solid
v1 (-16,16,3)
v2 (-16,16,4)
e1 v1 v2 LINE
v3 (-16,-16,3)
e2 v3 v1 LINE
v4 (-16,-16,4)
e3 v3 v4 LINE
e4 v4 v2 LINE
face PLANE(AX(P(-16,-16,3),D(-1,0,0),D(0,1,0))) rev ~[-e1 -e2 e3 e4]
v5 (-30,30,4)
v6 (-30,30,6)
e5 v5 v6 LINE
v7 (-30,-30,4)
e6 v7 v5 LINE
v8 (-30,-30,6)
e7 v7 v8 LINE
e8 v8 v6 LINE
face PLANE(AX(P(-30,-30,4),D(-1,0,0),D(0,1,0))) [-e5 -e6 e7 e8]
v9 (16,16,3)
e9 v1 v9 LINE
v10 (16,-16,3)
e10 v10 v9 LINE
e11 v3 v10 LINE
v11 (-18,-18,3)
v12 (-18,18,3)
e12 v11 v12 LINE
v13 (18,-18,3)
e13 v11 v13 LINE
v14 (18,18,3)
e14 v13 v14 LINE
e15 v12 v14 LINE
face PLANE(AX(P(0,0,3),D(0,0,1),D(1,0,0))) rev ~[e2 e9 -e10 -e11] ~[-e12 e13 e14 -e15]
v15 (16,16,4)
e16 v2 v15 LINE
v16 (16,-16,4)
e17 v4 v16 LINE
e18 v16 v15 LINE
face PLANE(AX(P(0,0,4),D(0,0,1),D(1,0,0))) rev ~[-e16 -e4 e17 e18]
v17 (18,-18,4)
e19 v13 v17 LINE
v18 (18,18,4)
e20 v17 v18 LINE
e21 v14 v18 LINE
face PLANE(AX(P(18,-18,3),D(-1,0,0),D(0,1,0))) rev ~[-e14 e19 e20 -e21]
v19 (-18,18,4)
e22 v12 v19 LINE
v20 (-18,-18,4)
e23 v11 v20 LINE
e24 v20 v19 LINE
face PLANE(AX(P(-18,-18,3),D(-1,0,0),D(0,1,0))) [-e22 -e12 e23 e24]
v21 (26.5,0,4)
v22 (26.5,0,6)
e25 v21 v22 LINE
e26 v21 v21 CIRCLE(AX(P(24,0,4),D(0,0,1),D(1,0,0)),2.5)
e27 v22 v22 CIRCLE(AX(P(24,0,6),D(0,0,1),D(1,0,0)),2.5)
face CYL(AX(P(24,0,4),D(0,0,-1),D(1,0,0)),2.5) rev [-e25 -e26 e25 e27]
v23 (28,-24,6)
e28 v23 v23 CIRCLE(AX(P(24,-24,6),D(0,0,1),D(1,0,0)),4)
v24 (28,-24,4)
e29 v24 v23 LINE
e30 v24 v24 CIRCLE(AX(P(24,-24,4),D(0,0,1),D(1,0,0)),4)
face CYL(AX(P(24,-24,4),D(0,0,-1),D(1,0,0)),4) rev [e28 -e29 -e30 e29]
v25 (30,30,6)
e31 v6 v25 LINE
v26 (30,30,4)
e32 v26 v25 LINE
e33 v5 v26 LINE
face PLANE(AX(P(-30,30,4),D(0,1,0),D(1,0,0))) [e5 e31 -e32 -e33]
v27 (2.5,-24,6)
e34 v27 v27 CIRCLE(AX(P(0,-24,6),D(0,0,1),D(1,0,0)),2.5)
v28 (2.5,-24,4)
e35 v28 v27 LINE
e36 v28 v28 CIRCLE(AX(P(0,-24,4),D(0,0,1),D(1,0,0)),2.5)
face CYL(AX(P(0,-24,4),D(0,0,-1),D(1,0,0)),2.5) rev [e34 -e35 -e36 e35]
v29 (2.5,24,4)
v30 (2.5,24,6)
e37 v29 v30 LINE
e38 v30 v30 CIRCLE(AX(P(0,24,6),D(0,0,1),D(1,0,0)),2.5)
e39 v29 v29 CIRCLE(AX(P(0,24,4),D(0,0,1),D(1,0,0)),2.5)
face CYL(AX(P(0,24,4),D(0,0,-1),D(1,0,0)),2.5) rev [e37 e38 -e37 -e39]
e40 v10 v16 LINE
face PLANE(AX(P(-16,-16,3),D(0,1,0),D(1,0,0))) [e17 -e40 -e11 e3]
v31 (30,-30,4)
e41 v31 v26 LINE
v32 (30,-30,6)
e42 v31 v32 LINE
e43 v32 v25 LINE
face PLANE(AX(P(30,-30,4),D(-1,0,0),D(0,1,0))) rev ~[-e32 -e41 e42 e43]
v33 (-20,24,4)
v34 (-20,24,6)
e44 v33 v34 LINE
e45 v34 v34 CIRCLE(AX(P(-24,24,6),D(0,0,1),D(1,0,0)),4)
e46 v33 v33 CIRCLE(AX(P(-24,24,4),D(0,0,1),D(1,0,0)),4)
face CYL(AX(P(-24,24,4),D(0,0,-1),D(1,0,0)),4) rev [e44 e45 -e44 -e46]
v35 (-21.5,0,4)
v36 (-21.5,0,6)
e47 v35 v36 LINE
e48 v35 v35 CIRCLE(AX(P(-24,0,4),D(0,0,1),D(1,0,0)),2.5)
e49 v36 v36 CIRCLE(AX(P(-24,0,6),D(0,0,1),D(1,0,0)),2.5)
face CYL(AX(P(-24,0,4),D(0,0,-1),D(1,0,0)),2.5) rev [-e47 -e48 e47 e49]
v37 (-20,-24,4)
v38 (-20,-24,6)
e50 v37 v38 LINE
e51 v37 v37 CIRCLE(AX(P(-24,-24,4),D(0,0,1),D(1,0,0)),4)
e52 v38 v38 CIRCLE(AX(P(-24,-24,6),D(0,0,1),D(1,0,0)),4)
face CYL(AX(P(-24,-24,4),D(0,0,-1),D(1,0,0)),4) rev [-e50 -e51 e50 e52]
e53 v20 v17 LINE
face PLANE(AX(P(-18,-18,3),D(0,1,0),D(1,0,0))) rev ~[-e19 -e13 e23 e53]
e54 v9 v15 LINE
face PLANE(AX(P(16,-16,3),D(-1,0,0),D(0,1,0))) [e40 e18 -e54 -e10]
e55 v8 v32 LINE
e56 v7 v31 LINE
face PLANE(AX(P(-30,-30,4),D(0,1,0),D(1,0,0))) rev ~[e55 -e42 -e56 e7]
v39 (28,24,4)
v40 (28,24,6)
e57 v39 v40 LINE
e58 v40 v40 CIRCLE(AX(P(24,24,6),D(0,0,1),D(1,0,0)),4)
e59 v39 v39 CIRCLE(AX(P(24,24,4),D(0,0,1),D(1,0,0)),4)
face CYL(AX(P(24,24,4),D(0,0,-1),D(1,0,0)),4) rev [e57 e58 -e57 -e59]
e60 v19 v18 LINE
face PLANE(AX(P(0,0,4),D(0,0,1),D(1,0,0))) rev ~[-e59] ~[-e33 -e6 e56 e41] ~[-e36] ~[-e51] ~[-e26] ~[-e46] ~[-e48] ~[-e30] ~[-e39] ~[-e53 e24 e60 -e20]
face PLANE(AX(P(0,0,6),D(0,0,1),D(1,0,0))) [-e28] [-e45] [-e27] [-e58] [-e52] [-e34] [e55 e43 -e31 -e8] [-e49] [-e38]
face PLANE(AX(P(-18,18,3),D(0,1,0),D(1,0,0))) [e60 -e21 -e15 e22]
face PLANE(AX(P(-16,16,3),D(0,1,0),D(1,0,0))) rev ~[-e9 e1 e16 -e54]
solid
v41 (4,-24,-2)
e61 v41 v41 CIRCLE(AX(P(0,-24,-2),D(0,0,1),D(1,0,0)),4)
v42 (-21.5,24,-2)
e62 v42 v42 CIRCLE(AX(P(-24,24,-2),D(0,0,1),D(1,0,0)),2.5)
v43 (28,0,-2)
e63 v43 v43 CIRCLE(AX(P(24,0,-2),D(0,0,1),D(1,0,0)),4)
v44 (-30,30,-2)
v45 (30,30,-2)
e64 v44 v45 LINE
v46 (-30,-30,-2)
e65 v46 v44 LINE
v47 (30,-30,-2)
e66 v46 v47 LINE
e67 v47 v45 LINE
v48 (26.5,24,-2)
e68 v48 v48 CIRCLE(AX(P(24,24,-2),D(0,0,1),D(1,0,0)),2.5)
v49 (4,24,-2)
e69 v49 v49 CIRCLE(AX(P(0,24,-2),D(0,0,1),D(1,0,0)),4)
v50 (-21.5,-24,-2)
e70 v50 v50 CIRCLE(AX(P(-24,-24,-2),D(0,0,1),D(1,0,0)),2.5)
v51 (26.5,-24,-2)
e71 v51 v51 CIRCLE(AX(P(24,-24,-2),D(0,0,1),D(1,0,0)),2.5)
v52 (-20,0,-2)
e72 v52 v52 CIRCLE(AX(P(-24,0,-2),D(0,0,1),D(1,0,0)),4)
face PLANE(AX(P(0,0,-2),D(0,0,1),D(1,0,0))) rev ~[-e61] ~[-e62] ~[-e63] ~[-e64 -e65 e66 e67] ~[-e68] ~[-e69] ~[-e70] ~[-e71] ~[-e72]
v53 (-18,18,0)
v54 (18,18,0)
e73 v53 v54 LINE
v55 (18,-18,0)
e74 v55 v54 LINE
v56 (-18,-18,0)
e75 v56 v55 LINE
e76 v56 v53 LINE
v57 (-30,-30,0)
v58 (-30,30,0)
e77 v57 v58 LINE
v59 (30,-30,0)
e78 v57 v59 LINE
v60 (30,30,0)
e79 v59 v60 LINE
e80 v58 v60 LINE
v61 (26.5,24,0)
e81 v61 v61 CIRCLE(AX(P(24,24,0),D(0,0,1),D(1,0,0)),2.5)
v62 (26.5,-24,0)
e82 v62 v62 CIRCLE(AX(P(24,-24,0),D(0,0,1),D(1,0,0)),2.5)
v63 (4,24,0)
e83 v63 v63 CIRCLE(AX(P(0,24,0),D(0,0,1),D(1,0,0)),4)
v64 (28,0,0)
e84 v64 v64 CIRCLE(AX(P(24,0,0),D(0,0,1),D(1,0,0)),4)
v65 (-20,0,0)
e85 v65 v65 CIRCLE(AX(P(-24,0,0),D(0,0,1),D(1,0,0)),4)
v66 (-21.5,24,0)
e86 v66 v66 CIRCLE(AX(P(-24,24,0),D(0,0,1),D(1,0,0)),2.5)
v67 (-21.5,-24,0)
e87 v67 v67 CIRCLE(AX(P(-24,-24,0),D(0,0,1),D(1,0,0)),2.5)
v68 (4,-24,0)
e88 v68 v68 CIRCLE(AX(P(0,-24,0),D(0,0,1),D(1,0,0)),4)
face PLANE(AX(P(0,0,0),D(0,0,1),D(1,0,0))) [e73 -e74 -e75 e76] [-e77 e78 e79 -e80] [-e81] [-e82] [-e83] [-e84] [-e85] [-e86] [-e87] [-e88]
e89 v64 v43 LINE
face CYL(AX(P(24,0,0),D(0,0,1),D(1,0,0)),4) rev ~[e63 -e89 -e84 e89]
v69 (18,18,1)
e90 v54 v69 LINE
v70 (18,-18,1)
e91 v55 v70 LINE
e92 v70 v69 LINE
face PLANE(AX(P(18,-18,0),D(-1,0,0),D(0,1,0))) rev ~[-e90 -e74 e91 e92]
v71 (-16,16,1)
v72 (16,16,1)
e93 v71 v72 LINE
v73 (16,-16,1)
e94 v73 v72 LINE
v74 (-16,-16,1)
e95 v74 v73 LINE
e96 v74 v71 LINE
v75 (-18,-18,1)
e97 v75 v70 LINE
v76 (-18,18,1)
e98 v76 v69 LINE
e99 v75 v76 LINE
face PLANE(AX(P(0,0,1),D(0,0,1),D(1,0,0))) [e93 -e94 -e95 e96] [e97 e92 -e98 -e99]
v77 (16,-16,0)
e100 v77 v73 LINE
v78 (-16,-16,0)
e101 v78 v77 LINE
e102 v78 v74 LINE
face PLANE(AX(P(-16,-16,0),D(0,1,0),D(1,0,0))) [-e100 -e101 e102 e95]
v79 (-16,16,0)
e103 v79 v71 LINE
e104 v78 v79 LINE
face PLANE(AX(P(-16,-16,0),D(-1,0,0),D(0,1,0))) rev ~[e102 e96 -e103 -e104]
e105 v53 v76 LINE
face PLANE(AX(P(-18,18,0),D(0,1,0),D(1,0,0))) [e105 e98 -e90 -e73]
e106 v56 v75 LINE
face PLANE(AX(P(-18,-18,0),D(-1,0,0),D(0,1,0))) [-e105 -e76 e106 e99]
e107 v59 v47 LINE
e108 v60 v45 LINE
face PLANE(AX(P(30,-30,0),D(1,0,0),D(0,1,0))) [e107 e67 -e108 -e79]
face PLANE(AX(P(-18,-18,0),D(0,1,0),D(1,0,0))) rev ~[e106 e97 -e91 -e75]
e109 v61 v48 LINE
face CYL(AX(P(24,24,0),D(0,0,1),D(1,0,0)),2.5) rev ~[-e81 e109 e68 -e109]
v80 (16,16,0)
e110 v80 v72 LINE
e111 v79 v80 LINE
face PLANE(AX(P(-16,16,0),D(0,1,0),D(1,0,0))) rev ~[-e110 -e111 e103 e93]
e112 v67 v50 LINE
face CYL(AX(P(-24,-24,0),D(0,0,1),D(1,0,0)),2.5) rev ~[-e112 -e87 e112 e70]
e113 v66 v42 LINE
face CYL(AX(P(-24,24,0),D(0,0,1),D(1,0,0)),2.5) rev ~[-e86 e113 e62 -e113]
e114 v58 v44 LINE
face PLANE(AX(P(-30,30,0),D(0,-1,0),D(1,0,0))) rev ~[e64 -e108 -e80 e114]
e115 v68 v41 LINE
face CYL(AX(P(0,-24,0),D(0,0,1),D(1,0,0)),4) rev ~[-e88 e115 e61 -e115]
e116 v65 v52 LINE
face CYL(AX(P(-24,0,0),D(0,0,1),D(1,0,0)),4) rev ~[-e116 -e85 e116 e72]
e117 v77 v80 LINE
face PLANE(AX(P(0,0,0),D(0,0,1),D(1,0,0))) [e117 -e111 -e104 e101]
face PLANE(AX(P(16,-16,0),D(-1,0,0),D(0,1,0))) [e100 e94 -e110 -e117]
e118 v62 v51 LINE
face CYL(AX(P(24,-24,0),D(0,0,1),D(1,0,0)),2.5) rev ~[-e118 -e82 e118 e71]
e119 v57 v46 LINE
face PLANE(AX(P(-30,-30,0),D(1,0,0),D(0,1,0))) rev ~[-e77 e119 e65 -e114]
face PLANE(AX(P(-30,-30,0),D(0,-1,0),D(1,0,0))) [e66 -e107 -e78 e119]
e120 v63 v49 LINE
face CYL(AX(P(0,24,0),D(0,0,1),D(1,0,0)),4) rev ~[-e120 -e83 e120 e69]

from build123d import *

# Parameters (mm, degrees)
F0_W     = 60
F0_H     = 60
F0_R     = 4
F0_W_2   = 36
F0_H_2   = 36
F0_W_3   = 32
F0_H_3   = 32
F0_R_2   = 2.5
F1_DEPTH = 2
F2_DEPTH = 1
F3_START = 4
F3_DEPTH = 2
F4_START = 3
F4_DEPTH = 1


with BuildPart() as f1:
    # F0 (on Top) → F1 (new body)
    with BuildSketch(Plane.XY):
        Rectangle(F0_W, F0_H)
        with Locations((-24, -24)):
            Circle(F0_R, mode=Mode.SUBTRACT)
        with Locations((0, -24)):
            Circle(F0_R, mode=Mode.SUBTRACT)
        with Locations((24, -24)):
            Circle(F0_R, mode=Mode.SUBTRACT)
        with Locations((-24, 0)):
            Circle(F0_R, mode=Mode.SUBTRACT)
        with Locations((-24, 24)):
            Circle(F0_R, mode=Mode.SUBTRACT)
        Rectangle(F0_W_2, F0_H_2, mode=Mode.SUBTRACT)
        with Locations((24, 0)):
            Circle(F0_R, mode=Mode.SUBTRACT)
        with Locations((0, 24)):
            Circle(F0_R, mode=Mode.SUBTRACT)
        with Locations((24, 24)):
            Circle(F0_R, mode=Mode.SUBTRACT)
        Rectangle(F0_W_2, F0_H_2)
        Rectangle(F0_W_3, F0_H_3, mode=Mode.SUBTRACT)
        Rectangle(F0_W_3, F0_H_3)
        with Locations((-24, 24)):
            Circle(F0_R)
        with Locations((-24, 24)):
            Circle(F0_R_2, mode=Mode.SUBTRACT)
        with Locations((24, 24)):
            Circle(F0_R)
        with Locations((24, 24)):
            Circle(F0_R_2, mode=Mode.SUBTRACT)
        with Locations((24, -24)):
            Circle(F0_R)
        with Locations((24, -24)):
            Circle(F0_R_2, mode=Mode.SUBTRACT)
        with Locations((-24, -24)):
            Circle(F0_R)
        with Locations((-24, -24)):
            Circle(F0_R_2, mode=Mode.SUBTRACT)
    extrude(amount=-F1_DEPTH)

    # F0 (on Top) → F2 (join)
    with BuildSketch(Plane.XY):
        Rectangle(F0_W_2, F0_H_2)
        Rectangle(F0_W_3, F0_H_3, mode=Mode.SUBTRACT)
    extrude(amount=F2_DEPTH)


with BuildPart() as f3:
    # F0 (on Top) → F3 (new body)
    with BuildSketch(Plane.XY.offset(F3_START)):
        Rectangle(F0_W, F0_H)
        with Locations((-24, -24)):
            Circle(F0_R, mode=Mode.SUBTRACT)
        with Locations((0, -24)):
            Circle(F0_R, mode=Mode.SUBTRACT)
        with Locations((24, -24)):
            Circle(F0_R, mode=Mode.SUBTRACT)
        with Locations((-24, 0)):
            Circle(F0_R, mode=Mode.SUBTRACT)
        with Locations((-24, 24)):
            Circle(F0_R, mode=Mode.SUBTRACT)
        Rectangle(F0_W_2, F0_H_2, mode=Mode.SUBTRACT)
        with Locations((24, 0)):
            Circle(F0_R, mode=Mode.SUBTRACT)
        with Locations((0, 24)):
            Circle(F0_R, mode=Mode.SUBTRACT)
        with Locations((24, 24)):
            Circle(F0_R, mode=Mode.SUBTRACT)
        Rectangle(F0_W_2, F0_H_2)
        Rectangle(F0_W_3, F0_H_3, mode=Mode.SUBTRACT)
        Rectangle(F0_W_3, F0_H_3)
        with Locations((-24, 0)):
            Circle(F0_R)
        with Locations((-24, 0)):
            Circle(F0_R_2, mode=Mode.SUBTRACT)
        with Locations((0, 24)):
            Circle(F0_R)
        with Locations((0, 24)):
            Circle(F0_R_2, mode=Mode.SUBTRACT)
        with Locations((24, 0)):
            Circle(F0_R)
        with Locations((24, 0)):
            Circle(F0_R_2, mode=Mode.SUBTRACT)
        with Locations((0, -24)):
            Circle(F0_R)
        with Locations((0, -24)):
            Circle(F0_R_2, mode=Mode.SUBTRACT)
    extrude(amount=F3_DEPTH)

    # F0 (on Top) → F4 (join)
    with BuildSketch(Plane.XY.offset(F4_START)):
        Rectangle(F0_W_2, F0_H_2)
        Rectangle(F0_W_3, F0_H_3, mode=Mode.SUBTRACT)
    extrude(amount=F4_DEPTH)


solid = Compound([f1.part, f3.part])
